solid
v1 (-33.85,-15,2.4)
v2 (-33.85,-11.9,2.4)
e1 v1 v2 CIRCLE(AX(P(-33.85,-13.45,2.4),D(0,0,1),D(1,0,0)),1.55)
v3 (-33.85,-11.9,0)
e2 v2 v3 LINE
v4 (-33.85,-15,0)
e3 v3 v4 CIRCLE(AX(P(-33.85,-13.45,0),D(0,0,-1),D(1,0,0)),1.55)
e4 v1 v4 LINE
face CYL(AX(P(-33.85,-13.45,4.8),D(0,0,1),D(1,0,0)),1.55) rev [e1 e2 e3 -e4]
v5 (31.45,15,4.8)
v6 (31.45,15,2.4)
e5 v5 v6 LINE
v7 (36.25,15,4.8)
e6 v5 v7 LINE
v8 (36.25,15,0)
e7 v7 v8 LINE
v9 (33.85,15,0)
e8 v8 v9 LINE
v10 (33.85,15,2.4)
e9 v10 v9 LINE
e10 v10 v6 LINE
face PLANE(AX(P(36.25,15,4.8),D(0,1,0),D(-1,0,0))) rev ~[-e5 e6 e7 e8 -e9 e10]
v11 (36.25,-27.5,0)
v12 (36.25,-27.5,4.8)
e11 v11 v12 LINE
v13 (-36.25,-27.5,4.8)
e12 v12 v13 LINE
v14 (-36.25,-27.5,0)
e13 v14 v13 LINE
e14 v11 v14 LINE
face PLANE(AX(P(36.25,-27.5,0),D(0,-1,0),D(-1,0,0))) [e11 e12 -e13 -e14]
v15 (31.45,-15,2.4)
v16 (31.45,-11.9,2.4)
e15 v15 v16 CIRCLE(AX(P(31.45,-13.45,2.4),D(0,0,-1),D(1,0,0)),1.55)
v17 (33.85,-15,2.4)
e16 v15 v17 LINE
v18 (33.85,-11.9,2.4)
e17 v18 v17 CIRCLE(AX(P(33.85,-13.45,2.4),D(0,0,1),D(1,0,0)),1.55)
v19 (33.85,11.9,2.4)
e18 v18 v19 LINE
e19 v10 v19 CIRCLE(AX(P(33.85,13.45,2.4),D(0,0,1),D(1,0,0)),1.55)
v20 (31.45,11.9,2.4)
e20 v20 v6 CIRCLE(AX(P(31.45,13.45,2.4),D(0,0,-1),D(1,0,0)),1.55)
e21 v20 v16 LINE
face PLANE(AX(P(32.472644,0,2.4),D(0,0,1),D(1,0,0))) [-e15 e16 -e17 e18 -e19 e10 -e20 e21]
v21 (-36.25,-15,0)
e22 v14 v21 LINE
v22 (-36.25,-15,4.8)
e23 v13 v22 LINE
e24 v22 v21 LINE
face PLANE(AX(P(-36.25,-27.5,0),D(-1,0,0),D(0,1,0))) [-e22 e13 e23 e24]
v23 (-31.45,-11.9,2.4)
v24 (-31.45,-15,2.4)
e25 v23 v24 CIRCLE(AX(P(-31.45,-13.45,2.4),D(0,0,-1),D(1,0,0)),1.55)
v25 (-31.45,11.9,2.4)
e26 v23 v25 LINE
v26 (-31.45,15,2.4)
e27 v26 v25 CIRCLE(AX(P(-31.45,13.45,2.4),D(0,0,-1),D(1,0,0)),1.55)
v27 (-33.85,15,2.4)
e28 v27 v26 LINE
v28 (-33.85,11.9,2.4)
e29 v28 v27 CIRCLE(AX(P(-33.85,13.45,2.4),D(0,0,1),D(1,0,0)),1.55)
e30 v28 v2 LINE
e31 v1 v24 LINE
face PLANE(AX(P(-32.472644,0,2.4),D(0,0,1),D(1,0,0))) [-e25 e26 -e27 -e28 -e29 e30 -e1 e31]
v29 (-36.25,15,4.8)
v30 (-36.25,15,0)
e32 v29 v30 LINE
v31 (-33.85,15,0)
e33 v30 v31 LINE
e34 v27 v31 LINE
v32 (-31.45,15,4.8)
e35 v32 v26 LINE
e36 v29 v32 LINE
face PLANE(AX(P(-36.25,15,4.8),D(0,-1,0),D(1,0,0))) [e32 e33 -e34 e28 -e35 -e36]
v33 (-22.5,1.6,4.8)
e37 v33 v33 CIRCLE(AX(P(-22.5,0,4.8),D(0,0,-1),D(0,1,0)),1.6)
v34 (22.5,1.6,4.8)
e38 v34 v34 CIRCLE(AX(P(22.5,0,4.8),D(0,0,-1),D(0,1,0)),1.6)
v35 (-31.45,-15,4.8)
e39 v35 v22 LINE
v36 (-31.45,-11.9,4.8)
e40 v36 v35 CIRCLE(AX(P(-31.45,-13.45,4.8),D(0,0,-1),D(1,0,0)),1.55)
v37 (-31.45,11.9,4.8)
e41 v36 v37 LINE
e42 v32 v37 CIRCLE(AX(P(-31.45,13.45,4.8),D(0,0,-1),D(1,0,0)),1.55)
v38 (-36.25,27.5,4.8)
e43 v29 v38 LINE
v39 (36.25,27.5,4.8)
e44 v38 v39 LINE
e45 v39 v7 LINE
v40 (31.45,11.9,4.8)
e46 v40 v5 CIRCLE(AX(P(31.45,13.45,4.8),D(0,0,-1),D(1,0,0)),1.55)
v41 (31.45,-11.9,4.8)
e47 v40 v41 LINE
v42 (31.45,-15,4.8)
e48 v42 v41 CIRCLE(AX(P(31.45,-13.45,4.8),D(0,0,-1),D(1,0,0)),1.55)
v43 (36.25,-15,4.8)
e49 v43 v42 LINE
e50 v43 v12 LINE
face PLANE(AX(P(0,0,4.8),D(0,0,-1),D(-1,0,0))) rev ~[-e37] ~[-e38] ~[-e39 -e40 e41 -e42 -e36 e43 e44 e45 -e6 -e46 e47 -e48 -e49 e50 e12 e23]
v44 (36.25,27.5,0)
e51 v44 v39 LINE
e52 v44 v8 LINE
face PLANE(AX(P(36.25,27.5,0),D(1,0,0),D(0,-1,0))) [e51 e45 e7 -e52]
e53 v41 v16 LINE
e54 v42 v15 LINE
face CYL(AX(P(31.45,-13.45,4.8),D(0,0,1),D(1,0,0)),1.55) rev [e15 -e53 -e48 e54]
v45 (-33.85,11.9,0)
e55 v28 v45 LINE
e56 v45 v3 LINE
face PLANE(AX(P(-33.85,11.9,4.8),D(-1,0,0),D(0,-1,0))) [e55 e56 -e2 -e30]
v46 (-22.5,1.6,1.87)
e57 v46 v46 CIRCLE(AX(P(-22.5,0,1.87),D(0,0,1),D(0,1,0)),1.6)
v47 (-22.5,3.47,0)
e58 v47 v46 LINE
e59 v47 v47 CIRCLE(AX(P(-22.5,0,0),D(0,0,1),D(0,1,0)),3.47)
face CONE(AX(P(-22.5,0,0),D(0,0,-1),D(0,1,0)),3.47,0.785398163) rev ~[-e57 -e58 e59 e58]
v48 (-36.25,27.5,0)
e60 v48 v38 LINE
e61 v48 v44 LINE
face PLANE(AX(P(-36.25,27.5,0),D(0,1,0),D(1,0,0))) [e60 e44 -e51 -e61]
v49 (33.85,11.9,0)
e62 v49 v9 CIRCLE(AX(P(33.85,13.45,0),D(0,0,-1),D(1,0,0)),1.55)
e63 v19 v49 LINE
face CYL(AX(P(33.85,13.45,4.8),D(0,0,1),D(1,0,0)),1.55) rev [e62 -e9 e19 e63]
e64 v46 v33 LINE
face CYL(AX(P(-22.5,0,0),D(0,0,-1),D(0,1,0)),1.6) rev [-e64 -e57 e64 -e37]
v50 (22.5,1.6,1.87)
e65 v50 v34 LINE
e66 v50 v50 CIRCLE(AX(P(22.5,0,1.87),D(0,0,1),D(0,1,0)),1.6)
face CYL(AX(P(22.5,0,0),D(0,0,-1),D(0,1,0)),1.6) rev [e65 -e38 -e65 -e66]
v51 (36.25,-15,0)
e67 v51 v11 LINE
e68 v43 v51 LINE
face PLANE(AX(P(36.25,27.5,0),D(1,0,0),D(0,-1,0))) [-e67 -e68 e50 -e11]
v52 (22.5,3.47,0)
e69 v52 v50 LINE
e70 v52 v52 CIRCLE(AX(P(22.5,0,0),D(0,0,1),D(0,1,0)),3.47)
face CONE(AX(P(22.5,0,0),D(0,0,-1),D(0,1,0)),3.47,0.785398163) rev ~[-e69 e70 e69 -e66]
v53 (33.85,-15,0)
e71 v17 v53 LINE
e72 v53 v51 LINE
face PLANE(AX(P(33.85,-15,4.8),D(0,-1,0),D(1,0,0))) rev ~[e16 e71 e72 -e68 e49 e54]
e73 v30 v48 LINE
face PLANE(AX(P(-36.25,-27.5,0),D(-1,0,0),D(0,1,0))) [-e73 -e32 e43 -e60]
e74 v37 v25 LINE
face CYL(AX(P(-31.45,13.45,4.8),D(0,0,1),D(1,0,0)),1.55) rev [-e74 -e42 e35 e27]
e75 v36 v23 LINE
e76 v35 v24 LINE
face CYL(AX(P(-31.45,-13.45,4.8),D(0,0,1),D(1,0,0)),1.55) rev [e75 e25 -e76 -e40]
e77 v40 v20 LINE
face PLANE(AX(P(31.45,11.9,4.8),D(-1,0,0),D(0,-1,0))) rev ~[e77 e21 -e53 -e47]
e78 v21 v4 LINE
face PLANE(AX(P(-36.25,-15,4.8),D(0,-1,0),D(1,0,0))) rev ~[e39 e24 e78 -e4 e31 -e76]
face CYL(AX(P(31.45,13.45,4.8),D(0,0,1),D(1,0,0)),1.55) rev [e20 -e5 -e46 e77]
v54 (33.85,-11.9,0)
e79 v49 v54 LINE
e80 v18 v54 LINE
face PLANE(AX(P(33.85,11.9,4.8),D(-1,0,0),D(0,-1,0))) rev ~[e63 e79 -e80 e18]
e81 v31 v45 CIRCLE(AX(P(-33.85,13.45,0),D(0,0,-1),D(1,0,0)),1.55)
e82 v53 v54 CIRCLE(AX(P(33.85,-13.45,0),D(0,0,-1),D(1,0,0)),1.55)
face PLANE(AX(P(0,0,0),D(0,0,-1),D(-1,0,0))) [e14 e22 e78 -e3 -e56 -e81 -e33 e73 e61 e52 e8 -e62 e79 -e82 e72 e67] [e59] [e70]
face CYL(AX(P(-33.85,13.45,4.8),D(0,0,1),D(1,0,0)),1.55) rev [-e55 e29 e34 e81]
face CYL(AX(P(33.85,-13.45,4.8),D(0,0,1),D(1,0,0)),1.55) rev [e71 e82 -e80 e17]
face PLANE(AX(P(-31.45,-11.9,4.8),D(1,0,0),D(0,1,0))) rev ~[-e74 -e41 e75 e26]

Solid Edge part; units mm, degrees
sketch "Sketch1" plane through (0, 0, 0) normal (0, 0, 1) x (1, 0, 0)
  line L0 (-36.25, 27.5) -> (36.25, 27.5)
  line L1 (36.25, 27.5) -> (36.25, -27.5)
  line L2 (36.25, -27.5) -> (-36.25, -27.5)
  line L3 (-36.25, -27.5) -> (-36.25, 27.5)
extrude "ExtrudedProtrusion_7" add sketch "Sketch1" along normal blind 4.8
sketch "Sketch2" plane through (0, 0, 4.8) normal (0, 0, 1) x (1, 0, 0)
  line L0 (-33.85, -15) -> (-31.45, -15)
  line L1 (-31.45, -11.9) -> (-31.45, 11.9)
  line L2 (-33.85, 15) -> (-31.45, 15)
  line L3 (-33.85, 15) -> (-33.85, -15)
  arc A0 (-31.45, -11.9) -> (-31.45, -15) centre (-31.45, -13.45) cw
  arc A1 (-31.45, 15) -> (-31.45, 11.9) centre (-31.45, 13.45) cw
  line L4 (31.45, -15) -> (33.85, -15)
  line L5 (33.85, -15) -> (33.85, 15)
  line L6 (33.85, 15) -> (31.45, 15)
  line L7 (31.45, 11.9) -> (31.45, -11.9)
  arc A2 (31.45, 11.9) -> (31.45, 15) centre (31.45, 13.45) cw
  arc A3 (31.45, -15) -> (31.45, -11.9) centre (31.45, -13.45) cw
extrude "ExtrudedCutout_13" cut sketch "Sketch2" against normal blind 2.4
sketch "Sketch3" plane through (0, 0, 4.8) normal (0, 0, 1) x (1, 0, 0)
  line L0 (-33.85, 11.9) -> (-33.85, -11.9)
  line L1 (-36.25, -15) -> (-33.85, -15)
  line L2 (-36.25, 15) -> (-36.25, -15)
  line L3 (-36.25, 15) -> (-33.85, 15)
  arc A0 (-33.85, 15) -> (-33.85, 11.9) centre (-33.85, 13.45) cw
  arc A1 (-33.85, -11.9) -> (-33.85, -15) centre (-33.85, -13.45) cw
  line L4 (36.25, 15) -> (33.85, 15)
  line L5 (36.25, -15) -> (36.25, 15)
  line L6 (33.85, -15) -> (36.25, -15)
  line L7 (33.85, 11.9) -> (33.85, -11.9)
  arc A2 (33.85, 11.9) -> (33.85, 15) centre (33.85, 13.45) cw
  arc A3 (33.85, -15) -> (33.85, -11.9) centre (33.85, -13.45) cw
extrude "ExtrudedCutout_14" cut sketch "Sketch3" against normal blind 4.8
hole "Hole_5" at (-22.5, 0, 0) direction (0, 0, 1) diameter 3.2 end up to next countersink diameter 6.94 countersink angle 90
hole "Hole1" at (22.5, 0, 0) direction (0, 0, 1) diameter 3.2 end up to next countersink diameter 6.94 countersink angle 90
properties material "Polycarbonate"
